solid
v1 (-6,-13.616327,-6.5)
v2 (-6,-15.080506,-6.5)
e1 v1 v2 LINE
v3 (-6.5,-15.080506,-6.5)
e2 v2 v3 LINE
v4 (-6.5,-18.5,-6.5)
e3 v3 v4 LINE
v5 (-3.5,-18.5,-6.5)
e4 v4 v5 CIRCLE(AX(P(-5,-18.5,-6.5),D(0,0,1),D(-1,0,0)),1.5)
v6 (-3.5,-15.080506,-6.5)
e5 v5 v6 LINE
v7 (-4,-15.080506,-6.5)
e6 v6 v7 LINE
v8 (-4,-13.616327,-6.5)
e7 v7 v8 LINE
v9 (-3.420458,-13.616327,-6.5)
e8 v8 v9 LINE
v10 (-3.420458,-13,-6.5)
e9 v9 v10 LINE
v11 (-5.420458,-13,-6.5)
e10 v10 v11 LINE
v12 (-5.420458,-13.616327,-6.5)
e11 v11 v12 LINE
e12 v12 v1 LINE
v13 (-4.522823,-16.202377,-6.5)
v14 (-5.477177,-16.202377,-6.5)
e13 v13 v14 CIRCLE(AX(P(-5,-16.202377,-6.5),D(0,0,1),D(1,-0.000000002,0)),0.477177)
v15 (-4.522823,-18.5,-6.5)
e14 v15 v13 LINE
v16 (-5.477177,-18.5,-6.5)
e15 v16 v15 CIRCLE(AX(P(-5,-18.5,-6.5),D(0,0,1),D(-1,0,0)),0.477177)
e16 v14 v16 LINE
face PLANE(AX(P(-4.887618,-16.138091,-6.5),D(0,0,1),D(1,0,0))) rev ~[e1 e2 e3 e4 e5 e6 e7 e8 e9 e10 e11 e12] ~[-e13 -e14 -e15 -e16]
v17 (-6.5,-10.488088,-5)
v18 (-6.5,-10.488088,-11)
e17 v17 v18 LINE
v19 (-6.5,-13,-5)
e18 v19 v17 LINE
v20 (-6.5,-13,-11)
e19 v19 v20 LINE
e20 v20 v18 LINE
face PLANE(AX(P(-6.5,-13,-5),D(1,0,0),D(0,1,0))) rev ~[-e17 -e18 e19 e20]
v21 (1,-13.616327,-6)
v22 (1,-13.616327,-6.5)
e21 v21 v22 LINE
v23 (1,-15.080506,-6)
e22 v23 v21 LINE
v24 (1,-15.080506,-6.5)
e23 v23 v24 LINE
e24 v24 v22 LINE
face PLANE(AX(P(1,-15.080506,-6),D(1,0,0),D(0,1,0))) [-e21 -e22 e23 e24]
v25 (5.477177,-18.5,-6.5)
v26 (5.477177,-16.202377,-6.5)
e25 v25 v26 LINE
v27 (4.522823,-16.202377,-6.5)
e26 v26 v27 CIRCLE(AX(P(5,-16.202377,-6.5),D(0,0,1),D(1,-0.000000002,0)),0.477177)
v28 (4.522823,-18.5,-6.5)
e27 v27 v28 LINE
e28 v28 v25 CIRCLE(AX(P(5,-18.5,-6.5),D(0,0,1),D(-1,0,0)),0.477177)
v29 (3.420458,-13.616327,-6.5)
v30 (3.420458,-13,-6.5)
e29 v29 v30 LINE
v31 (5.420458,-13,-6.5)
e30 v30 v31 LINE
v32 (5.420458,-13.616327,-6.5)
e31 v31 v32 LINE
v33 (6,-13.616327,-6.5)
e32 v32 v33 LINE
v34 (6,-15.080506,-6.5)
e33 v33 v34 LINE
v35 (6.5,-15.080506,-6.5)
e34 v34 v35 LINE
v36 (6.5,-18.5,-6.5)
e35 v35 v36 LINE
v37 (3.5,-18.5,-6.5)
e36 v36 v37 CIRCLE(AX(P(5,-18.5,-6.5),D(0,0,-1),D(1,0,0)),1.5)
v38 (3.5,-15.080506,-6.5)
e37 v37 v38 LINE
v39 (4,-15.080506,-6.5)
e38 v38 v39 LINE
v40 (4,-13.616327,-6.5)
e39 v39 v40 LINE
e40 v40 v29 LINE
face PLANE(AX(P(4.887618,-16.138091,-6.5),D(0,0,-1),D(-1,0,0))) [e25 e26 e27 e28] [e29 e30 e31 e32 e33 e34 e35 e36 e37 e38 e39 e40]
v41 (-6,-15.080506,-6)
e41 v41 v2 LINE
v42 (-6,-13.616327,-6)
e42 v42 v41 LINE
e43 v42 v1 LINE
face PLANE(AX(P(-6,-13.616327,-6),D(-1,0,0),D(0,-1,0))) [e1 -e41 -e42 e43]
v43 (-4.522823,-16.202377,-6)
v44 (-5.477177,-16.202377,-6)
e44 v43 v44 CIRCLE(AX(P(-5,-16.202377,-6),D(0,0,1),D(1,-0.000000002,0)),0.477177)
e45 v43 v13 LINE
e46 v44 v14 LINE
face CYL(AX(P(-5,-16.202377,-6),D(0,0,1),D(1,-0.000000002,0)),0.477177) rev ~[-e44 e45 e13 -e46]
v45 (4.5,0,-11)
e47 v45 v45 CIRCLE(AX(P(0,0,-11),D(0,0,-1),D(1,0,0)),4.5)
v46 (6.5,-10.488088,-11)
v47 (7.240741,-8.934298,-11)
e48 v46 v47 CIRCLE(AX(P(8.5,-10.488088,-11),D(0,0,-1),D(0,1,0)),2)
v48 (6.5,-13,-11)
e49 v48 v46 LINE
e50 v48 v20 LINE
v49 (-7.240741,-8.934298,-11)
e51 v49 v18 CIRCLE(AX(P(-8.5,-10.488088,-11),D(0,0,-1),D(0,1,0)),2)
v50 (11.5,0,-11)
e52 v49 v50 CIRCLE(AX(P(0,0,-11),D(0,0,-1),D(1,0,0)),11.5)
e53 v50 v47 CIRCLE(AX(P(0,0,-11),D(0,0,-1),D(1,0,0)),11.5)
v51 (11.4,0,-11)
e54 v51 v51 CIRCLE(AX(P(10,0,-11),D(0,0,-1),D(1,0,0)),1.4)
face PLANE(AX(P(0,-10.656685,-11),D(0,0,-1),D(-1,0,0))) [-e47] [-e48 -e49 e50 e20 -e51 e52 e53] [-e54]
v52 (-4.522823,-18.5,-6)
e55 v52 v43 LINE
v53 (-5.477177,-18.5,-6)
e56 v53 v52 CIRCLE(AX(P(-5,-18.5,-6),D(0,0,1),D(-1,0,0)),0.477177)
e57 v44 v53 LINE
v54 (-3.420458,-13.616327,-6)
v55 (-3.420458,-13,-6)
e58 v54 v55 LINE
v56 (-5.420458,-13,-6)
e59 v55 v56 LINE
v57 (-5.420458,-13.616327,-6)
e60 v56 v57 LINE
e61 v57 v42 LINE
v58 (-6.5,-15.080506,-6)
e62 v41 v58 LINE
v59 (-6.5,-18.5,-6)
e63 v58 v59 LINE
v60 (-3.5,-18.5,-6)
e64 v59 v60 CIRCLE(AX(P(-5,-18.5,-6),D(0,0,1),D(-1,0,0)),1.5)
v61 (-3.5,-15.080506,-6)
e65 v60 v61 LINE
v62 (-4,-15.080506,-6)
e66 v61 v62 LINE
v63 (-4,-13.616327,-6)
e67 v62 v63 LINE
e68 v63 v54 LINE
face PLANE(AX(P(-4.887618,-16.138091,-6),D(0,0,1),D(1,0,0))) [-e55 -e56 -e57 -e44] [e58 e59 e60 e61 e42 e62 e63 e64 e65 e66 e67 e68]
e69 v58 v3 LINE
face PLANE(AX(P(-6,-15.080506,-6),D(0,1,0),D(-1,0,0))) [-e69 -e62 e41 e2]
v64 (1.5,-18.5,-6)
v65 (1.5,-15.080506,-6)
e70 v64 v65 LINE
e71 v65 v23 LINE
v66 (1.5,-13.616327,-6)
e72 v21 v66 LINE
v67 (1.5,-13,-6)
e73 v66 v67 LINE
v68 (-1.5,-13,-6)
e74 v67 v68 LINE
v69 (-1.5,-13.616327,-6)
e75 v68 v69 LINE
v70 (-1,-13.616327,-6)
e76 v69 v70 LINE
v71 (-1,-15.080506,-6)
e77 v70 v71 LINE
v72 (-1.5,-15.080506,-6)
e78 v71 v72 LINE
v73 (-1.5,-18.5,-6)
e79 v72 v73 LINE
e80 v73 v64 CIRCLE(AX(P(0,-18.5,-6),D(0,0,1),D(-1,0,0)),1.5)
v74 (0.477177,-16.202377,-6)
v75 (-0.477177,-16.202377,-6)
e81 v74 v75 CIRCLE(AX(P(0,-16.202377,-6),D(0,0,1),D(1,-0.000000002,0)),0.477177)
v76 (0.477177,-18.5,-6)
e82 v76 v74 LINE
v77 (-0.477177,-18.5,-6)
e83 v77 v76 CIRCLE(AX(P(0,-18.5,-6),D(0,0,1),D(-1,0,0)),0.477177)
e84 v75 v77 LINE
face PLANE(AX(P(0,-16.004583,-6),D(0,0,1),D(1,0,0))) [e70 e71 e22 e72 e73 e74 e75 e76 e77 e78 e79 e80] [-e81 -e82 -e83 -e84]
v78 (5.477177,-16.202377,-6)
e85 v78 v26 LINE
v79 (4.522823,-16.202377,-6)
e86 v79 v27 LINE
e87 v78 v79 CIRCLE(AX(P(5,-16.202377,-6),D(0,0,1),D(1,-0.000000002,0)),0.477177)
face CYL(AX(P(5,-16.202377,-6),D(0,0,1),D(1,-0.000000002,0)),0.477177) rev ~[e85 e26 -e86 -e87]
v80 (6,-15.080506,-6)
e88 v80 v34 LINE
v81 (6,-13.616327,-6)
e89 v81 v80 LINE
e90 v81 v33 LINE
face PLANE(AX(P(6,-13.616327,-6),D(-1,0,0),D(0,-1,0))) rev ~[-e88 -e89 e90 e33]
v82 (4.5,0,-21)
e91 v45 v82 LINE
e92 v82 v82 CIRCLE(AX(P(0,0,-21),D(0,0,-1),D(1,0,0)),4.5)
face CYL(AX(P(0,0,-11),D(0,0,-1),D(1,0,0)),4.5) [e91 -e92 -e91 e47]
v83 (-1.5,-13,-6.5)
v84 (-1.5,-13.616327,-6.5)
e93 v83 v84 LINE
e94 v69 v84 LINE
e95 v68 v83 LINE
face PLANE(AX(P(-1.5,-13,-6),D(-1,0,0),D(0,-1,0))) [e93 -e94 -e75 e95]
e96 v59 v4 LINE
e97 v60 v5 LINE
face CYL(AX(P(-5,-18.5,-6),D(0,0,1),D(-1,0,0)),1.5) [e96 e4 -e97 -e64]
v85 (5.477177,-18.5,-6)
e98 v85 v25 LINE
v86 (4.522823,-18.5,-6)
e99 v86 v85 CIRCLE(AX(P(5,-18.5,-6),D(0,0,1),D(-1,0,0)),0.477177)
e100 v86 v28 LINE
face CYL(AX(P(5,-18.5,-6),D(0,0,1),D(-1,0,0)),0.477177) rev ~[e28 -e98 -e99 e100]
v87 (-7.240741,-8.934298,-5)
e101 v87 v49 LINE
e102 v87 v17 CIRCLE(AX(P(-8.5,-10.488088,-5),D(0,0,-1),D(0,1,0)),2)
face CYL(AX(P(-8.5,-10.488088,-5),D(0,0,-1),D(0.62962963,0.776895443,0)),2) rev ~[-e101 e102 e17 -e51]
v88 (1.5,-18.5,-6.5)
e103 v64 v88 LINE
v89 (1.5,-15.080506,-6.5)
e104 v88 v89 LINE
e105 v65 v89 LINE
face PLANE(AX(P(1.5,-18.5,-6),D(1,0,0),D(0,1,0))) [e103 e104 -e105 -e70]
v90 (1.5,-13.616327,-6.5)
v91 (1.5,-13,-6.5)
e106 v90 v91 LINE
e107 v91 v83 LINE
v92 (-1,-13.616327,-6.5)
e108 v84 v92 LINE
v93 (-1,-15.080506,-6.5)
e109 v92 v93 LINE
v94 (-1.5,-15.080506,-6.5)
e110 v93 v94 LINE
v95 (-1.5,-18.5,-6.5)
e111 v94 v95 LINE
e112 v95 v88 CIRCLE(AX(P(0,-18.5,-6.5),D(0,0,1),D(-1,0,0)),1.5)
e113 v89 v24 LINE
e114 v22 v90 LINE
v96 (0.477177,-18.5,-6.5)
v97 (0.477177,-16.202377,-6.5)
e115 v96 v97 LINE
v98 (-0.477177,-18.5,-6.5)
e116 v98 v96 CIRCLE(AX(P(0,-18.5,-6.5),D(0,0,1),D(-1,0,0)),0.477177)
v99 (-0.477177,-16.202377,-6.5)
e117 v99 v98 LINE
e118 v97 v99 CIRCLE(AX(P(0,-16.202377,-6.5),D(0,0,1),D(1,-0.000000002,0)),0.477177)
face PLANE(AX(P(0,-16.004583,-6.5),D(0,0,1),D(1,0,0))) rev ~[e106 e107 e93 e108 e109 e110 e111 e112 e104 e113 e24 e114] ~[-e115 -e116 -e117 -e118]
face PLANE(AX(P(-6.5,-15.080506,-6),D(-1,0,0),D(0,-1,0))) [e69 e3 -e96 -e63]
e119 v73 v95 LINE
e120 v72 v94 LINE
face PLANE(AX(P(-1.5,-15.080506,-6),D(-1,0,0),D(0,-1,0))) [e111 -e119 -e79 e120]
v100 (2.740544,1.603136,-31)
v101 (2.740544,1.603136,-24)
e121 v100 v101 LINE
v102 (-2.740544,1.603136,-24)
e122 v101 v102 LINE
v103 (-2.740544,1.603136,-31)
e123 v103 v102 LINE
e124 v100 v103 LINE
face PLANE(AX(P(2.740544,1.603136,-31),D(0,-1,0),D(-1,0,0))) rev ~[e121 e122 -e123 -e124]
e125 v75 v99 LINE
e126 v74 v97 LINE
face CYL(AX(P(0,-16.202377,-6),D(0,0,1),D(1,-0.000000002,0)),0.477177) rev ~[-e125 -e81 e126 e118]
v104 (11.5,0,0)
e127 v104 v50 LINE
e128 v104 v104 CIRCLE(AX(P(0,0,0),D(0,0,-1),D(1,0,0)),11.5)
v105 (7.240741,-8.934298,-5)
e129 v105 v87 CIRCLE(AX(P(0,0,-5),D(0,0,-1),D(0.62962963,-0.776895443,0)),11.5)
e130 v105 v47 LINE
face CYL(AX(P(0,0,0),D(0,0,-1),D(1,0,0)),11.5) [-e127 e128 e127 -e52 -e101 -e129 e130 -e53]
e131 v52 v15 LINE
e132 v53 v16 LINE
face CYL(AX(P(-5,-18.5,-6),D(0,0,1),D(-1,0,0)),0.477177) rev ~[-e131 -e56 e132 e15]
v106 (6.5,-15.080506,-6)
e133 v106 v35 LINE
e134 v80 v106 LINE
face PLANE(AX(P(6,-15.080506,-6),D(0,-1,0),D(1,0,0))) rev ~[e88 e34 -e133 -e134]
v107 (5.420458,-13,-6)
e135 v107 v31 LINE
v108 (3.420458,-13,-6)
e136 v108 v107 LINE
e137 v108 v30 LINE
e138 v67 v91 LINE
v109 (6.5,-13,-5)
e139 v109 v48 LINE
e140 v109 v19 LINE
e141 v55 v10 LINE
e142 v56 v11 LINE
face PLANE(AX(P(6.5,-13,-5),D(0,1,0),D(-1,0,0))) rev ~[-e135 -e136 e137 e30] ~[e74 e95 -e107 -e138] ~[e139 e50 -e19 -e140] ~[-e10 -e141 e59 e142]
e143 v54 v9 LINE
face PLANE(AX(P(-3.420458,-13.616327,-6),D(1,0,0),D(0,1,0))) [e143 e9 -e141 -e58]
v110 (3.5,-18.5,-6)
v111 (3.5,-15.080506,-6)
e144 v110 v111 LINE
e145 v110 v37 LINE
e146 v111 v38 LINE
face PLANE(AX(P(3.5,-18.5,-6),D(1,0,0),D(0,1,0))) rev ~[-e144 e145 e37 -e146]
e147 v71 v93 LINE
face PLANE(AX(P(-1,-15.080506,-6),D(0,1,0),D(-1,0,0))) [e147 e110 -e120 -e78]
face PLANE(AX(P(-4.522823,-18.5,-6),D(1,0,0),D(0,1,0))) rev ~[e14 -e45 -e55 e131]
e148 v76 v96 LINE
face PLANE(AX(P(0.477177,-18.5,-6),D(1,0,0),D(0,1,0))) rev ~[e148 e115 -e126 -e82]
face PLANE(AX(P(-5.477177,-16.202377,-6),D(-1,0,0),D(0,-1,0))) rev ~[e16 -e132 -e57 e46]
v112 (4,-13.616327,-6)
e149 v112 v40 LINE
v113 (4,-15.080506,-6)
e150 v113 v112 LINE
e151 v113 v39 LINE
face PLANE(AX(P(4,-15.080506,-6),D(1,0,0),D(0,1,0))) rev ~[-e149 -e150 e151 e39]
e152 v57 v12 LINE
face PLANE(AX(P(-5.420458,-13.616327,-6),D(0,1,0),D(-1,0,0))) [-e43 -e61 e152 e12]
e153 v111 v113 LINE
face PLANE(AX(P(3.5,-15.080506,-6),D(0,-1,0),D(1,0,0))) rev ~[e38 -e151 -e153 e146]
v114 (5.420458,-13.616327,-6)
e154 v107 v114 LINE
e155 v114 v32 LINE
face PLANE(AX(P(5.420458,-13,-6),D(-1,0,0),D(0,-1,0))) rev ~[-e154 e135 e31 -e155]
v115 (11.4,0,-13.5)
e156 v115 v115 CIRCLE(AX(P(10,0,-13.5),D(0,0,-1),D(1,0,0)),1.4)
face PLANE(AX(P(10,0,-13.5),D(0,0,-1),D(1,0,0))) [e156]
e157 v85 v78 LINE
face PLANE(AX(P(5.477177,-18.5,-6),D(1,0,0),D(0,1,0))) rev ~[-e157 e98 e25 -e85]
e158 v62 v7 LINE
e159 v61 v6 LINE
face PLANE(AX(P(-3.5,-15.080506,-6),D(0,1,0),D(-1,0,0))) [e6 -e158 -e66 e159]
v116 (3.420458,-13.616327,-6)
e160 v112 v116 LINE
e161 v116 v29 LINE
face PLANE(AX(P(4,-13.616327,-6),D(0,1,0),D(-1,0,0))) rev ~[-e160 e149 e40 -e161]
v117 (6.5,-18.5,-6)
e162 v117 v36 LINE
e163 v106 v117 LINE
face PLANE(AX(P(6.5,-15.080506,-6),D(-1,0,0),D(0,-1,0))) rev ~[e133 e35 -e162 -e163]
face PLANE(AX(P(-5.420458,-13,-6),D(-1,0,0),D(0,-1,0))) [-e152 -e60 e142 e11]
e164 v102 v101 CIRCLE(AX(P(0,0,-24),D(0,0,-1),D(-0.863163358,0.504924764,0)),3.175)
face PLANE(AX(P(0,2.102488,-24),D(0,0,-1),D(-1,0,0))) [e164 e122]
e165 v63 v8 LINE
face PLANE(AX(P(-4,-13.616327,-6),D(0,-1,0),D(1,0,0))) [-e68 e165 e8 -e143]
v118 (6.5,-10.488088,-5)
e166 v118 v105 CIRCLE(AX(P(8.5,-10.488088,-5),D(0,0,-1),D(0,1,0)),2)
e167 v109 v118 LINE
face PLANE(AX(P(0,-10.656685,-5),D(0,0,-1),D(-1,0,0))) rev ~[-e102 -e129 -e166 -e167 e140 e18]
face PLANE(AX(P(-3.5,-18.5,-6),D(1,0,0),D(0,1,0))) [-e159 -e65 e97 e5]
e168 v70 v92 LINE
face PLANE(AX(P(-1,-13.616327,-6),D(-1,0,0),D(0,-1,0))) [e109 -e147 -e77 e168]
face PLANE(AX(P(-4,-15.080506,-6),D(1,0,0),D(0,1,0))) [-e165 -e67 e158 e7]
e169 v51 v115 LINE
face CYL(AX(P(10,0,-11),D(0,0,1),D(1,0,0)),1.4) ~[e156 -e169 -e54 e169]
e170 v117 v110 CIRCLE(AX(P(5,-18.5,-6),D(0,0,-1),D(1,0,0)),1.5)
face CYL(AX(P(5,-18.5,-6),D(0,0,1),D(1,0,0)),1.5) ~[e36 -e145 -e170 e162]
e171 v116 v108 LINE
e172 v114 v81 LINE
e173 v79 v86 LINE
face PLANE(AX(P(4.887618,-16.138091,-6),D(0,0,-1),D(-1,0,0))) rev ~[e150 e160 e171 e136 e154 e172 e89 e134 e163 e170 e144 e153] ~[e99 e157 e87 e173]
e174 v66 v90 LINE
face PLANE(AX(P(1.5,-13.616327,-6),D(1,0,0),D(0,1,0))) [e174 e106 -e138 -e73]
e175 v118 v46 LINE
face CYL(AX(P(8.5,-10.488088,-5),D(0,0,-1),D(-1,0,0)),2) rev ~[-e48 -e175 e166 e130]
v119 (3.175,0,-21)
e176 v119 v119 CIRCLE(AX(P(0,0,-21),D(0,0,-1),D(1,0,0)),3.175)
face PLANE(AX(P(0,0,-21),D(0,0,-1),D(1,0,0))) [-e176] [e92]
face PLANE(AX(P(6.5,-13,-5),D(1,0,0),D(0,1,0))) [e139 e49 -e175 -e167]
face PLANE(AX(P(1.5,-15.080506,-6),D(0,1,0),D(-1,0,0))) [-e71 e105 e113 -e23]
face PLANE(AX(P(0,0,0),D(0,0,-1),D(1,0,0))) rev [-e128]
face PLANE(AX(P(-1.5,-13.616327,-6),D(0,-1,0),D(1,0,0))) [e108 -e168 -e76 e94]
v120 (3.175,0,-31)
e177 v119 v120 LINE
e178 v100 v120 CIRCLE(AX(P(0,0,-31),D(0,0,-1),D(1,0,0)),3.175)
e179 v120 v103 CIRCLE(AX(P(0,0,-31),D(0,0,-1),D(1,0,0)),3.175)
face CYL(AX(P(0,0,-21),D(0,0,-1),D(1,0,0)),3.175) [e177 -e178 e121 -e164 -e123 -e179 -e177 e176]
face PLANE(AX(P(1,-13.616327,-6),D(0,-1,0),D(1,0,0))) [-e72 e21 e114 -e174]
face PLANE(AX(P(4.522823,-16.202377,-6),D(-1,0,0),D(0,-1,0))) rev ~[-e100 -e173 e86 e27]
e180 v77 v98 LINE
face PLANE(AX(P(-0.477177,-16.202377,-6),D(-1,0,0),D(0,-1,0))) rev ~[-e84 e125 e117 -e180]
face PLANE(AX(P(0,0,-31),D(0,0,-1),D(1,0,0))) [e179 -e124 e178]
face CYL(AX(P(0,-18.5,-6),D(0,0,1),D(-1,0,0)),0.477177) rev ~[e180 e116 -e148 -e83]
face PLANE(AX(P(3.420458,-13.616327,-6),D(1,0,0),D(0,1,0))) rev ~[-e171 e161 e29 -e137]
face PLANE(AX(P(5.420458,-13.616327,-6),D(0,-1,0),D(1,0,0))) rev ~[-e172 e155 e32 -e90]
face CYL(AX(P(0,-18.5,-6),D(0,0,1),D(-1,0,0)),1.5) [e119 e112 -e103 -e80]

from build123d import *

# Parameters (mm, degrees)
SKETCH2_R           = 1.4
BOSS_EXTRUDE1_DEPTH = 2.5
SKETCH3_W           = 13
SKETCH3_H           = 4.686630076
BOSS_EXTRUDE3_DEPTH = 6
FILLET1_R           = 2
BOSS_EXTRUDE4_DEPTH = 0.5
CUT_EXTRUDE1_DEPTH  = 7


with BuildPart() as part:
    # Sketch1 → Revolve1 (revolve)
    with BuildSketch(Plane(origin=(0, 0, 0), x_dir=(0, 0, -1), z_dir=(1, 0, 0)), mode=Mode.PRIVATE) as revolve1_sk:
        Polygon((0, 0), (0, 11.5), (11, 11.5), (11, 4.5), (21, 4.5), (21, 3.175), (31, 3.175), (31, 0), align=None)
    revolve(revolve1_sk.sketch.rotate(Axis((0, 0, 0), (0, 0, -1)), 90), axis=Axis((0, 0, 0), (0, 0, -1)))

    # Sketch2 → Boss-Extrude1 (add)
    with BuildSketch(Plane(origin=(0, 0, -11), x_dir=(-1, 0, 0), z_dir=(0, 0, -1))):
        with Locations(Location((-10, 0, 0), (0, 0, 180))):
            Circle(SKETCH2_R)
    extrude(amount=BOSS_EXTRUDE1_DEPTH)

    # Sketch3 → Boss-Extrude3 (add)
    with BuildSketch(Plane(origin=(0, 0, -5), x_dir=(-1, 0, 0), z_dir=(0, 0, -1))):
        with Locations((0, -10.656684962)):
            Rectangle(SKETCH3_W, SKETCH3_H)
    extrude(amount=BOSS_EXTRUDE3_DEPTH)

    # Fillet1
    fillet1_edges = [part.edges().sort_by_distance(p)[0] for p in [
        (6.5, -9.486832981, -8),
        (-6.5, -9.486832981, -8),
    ]]
    fillet(fillet1_edges, radius=FILLET1_R)

    # Sketch4 → Boss-Extrude4 (add)
    # profile 1 of 3: a face of its own
    with BuildSketch(Plane(origin=(0, 0, -6), x_dir=(-1, 0, 0), z_dir=(0, 0, -1))):
        with BuildLine():
            Line((-5.420458078, -13), (-5.420458078, -13.616327338))
            Line((-5.420458078, -13.616327338), (-6, -13.616327338))
            Line((-6, -13.616327338), (-6, -15.080506085))
            Line((-6, -15.080506085), (-6.5, -15.080506085))
            Line((-6.5, -15.080506085), (-6.5, -18.5))
            ThreePointArc((-6.5, -18.5), (-5, -20), (-3.5, -18.5))
            Line((-3.5, -18.5), (-3.5, -15.080506085))
            Line((-3.5, -15.080506085), (-4, -15.080506085))
            Line((-4, -15.080506085), (-4, -13.616327338))
            Line((-4, -13.616327338), (-3.420458078, -13.616327338))
            Line((-3.420458078, -13.616327338), (-3.420458078, -13))
            Line((-3.420458078, -13), (-5.420458078, -13))
        make_face()
        with BuildLine():
            Line((-5.477176785, -18.5), (-5.477176785, -16.20237717))
            ThreePointArc((-5.477176785, -16.20237717), (-5, -15.725200384), (-4.522823215, -16.20237717))
            Line((-4.522823215, -16.20237717), (-4.522823215, -18.5))
            ThreePointArc((-4.522823215, -18.5), (-5, -18.977176785), (-5.477176785, -18.5))
        make_face(mode=Mode.SUBTRACT)
    # profile 2 of 3: a face of its own
    with BuildSketch(Plane(origin=(0, 0, -6), x_dir=(-1, 0, 0), z_dir=(0, 0, -1))):
        with BuildLine():
            Line((-1.5, -18.5), (-1.5, -15.080506085))
            Line((-1.5, -15.080506085), (-1, -15.080506085))
            Line((-1, -15.080506085), (-1, -13.616327338))
            Line((-1, -13.616327338), (-1.5, -13.616327338))
            Line((-1.5, -13.616327338), (-1.5, -13))
            Line((-1.5, -13), (1.5, -13))
            Line((1.5, -13), (1.5, -13.616327338))
            Line((1.5, -13.616327338), (1, -13.616327338))
            Line((1, -13.616327338), (1, -15.080506085))
            Line((1, -15.080506085), (1.5, -15.080506085))
            Line((1.5, -15.080506085), (1.5, -18.5))
            ThreePointArc((1.5, -18.5), (0, -20), (-1.5, -18.5))
        make_face()
        with BuildLine():
            Line((-0.477176785, -18.5), (-0.477176785, -16.20237717))
            ThreePointArc((-0.477176785, -16.20237717), (0, -15.725200384), (0.477176785, -16.20237717))
            Line((0.477176785, -16.20237717), (0.477176785, -18.5))
            ThreePointArc((0.477176785, -18.5), (0, -18.977176785), (-0.477176785, -18.5))
        make_face(mode=Mode.SUBTRACT)
    # profile 3 of 3: a face of its own
    with BuildSketch(Plane(origin=(0, 0, -6), x_dir=(-1, 0, 0), z_dir=(0, 0, -1))):
        with BuildLine():
            Line((3.420458078, -13.616327338), (3.420458078, -13))
            Line((3.420458078, -13), (5.420458078, -13))
            Line((5.420458078, -13), (5.420458078, -13.616327338))
            Line((5.420458078, -13.616327338), (6, -13.616327338))
            Line((6, -13.616327338), (6, -15.080506085))
            Line((6, -15.080506085), (6.5, -15.080506085))
            Line((6.5, -15.080506085), (6.5, -18.5))
            ThreePointArc((6.5, -18.5), (5, -20), (3.5, -18.5))
            Line((3.5, -18.5), (3.5, -15.080506085))
            Line((3.5, -15.080506085), (4, -15.080506085))
            Line((4, -15.080506085), (4, -13.616327338))
            Line((4, -13.616327338), (3.420458078, -13.616327338))
        make_face()
        with BuildLine():
            Line((4.522823215, -18.5), (4.522823215, -16.20237717))
            ThreePointArc((4.522823215, -16.20237717), (5, -15.725200384), (5.477176785, -16.20237717))
            Line((5.477176785, -16.20237717), (5.477176785, -18.5))
            ThreePointArc((5.477176785, -18.5), (5, -18.977176785), (4.522823215, -18.5))
        make_face(mode=Mode.SUBTRACT)
    extrude(amount=BOSS_EXTRUDE4_DEPTH)

    # Sketch5 → Cut-Extrude1 (cut)
    with BuildSketch(Plane(origin=(0, 0, -31), x_dir=(-1, 0, 0), z_dir=(0, 0, -1))):
        with BuildLine():
            Line((-2.740543661, 1.603136127), (2.740543661, 1.603136127))
            ThreePointArc((2.740543661, 1.603136127), (0, 3.175), (-2.740543661, 1.603136127))
        make_face()
    extrude(amount=-CUT_EXTRUDE1_DEPTH, mode=Mode.SUBTRACT)


solid = part.part
